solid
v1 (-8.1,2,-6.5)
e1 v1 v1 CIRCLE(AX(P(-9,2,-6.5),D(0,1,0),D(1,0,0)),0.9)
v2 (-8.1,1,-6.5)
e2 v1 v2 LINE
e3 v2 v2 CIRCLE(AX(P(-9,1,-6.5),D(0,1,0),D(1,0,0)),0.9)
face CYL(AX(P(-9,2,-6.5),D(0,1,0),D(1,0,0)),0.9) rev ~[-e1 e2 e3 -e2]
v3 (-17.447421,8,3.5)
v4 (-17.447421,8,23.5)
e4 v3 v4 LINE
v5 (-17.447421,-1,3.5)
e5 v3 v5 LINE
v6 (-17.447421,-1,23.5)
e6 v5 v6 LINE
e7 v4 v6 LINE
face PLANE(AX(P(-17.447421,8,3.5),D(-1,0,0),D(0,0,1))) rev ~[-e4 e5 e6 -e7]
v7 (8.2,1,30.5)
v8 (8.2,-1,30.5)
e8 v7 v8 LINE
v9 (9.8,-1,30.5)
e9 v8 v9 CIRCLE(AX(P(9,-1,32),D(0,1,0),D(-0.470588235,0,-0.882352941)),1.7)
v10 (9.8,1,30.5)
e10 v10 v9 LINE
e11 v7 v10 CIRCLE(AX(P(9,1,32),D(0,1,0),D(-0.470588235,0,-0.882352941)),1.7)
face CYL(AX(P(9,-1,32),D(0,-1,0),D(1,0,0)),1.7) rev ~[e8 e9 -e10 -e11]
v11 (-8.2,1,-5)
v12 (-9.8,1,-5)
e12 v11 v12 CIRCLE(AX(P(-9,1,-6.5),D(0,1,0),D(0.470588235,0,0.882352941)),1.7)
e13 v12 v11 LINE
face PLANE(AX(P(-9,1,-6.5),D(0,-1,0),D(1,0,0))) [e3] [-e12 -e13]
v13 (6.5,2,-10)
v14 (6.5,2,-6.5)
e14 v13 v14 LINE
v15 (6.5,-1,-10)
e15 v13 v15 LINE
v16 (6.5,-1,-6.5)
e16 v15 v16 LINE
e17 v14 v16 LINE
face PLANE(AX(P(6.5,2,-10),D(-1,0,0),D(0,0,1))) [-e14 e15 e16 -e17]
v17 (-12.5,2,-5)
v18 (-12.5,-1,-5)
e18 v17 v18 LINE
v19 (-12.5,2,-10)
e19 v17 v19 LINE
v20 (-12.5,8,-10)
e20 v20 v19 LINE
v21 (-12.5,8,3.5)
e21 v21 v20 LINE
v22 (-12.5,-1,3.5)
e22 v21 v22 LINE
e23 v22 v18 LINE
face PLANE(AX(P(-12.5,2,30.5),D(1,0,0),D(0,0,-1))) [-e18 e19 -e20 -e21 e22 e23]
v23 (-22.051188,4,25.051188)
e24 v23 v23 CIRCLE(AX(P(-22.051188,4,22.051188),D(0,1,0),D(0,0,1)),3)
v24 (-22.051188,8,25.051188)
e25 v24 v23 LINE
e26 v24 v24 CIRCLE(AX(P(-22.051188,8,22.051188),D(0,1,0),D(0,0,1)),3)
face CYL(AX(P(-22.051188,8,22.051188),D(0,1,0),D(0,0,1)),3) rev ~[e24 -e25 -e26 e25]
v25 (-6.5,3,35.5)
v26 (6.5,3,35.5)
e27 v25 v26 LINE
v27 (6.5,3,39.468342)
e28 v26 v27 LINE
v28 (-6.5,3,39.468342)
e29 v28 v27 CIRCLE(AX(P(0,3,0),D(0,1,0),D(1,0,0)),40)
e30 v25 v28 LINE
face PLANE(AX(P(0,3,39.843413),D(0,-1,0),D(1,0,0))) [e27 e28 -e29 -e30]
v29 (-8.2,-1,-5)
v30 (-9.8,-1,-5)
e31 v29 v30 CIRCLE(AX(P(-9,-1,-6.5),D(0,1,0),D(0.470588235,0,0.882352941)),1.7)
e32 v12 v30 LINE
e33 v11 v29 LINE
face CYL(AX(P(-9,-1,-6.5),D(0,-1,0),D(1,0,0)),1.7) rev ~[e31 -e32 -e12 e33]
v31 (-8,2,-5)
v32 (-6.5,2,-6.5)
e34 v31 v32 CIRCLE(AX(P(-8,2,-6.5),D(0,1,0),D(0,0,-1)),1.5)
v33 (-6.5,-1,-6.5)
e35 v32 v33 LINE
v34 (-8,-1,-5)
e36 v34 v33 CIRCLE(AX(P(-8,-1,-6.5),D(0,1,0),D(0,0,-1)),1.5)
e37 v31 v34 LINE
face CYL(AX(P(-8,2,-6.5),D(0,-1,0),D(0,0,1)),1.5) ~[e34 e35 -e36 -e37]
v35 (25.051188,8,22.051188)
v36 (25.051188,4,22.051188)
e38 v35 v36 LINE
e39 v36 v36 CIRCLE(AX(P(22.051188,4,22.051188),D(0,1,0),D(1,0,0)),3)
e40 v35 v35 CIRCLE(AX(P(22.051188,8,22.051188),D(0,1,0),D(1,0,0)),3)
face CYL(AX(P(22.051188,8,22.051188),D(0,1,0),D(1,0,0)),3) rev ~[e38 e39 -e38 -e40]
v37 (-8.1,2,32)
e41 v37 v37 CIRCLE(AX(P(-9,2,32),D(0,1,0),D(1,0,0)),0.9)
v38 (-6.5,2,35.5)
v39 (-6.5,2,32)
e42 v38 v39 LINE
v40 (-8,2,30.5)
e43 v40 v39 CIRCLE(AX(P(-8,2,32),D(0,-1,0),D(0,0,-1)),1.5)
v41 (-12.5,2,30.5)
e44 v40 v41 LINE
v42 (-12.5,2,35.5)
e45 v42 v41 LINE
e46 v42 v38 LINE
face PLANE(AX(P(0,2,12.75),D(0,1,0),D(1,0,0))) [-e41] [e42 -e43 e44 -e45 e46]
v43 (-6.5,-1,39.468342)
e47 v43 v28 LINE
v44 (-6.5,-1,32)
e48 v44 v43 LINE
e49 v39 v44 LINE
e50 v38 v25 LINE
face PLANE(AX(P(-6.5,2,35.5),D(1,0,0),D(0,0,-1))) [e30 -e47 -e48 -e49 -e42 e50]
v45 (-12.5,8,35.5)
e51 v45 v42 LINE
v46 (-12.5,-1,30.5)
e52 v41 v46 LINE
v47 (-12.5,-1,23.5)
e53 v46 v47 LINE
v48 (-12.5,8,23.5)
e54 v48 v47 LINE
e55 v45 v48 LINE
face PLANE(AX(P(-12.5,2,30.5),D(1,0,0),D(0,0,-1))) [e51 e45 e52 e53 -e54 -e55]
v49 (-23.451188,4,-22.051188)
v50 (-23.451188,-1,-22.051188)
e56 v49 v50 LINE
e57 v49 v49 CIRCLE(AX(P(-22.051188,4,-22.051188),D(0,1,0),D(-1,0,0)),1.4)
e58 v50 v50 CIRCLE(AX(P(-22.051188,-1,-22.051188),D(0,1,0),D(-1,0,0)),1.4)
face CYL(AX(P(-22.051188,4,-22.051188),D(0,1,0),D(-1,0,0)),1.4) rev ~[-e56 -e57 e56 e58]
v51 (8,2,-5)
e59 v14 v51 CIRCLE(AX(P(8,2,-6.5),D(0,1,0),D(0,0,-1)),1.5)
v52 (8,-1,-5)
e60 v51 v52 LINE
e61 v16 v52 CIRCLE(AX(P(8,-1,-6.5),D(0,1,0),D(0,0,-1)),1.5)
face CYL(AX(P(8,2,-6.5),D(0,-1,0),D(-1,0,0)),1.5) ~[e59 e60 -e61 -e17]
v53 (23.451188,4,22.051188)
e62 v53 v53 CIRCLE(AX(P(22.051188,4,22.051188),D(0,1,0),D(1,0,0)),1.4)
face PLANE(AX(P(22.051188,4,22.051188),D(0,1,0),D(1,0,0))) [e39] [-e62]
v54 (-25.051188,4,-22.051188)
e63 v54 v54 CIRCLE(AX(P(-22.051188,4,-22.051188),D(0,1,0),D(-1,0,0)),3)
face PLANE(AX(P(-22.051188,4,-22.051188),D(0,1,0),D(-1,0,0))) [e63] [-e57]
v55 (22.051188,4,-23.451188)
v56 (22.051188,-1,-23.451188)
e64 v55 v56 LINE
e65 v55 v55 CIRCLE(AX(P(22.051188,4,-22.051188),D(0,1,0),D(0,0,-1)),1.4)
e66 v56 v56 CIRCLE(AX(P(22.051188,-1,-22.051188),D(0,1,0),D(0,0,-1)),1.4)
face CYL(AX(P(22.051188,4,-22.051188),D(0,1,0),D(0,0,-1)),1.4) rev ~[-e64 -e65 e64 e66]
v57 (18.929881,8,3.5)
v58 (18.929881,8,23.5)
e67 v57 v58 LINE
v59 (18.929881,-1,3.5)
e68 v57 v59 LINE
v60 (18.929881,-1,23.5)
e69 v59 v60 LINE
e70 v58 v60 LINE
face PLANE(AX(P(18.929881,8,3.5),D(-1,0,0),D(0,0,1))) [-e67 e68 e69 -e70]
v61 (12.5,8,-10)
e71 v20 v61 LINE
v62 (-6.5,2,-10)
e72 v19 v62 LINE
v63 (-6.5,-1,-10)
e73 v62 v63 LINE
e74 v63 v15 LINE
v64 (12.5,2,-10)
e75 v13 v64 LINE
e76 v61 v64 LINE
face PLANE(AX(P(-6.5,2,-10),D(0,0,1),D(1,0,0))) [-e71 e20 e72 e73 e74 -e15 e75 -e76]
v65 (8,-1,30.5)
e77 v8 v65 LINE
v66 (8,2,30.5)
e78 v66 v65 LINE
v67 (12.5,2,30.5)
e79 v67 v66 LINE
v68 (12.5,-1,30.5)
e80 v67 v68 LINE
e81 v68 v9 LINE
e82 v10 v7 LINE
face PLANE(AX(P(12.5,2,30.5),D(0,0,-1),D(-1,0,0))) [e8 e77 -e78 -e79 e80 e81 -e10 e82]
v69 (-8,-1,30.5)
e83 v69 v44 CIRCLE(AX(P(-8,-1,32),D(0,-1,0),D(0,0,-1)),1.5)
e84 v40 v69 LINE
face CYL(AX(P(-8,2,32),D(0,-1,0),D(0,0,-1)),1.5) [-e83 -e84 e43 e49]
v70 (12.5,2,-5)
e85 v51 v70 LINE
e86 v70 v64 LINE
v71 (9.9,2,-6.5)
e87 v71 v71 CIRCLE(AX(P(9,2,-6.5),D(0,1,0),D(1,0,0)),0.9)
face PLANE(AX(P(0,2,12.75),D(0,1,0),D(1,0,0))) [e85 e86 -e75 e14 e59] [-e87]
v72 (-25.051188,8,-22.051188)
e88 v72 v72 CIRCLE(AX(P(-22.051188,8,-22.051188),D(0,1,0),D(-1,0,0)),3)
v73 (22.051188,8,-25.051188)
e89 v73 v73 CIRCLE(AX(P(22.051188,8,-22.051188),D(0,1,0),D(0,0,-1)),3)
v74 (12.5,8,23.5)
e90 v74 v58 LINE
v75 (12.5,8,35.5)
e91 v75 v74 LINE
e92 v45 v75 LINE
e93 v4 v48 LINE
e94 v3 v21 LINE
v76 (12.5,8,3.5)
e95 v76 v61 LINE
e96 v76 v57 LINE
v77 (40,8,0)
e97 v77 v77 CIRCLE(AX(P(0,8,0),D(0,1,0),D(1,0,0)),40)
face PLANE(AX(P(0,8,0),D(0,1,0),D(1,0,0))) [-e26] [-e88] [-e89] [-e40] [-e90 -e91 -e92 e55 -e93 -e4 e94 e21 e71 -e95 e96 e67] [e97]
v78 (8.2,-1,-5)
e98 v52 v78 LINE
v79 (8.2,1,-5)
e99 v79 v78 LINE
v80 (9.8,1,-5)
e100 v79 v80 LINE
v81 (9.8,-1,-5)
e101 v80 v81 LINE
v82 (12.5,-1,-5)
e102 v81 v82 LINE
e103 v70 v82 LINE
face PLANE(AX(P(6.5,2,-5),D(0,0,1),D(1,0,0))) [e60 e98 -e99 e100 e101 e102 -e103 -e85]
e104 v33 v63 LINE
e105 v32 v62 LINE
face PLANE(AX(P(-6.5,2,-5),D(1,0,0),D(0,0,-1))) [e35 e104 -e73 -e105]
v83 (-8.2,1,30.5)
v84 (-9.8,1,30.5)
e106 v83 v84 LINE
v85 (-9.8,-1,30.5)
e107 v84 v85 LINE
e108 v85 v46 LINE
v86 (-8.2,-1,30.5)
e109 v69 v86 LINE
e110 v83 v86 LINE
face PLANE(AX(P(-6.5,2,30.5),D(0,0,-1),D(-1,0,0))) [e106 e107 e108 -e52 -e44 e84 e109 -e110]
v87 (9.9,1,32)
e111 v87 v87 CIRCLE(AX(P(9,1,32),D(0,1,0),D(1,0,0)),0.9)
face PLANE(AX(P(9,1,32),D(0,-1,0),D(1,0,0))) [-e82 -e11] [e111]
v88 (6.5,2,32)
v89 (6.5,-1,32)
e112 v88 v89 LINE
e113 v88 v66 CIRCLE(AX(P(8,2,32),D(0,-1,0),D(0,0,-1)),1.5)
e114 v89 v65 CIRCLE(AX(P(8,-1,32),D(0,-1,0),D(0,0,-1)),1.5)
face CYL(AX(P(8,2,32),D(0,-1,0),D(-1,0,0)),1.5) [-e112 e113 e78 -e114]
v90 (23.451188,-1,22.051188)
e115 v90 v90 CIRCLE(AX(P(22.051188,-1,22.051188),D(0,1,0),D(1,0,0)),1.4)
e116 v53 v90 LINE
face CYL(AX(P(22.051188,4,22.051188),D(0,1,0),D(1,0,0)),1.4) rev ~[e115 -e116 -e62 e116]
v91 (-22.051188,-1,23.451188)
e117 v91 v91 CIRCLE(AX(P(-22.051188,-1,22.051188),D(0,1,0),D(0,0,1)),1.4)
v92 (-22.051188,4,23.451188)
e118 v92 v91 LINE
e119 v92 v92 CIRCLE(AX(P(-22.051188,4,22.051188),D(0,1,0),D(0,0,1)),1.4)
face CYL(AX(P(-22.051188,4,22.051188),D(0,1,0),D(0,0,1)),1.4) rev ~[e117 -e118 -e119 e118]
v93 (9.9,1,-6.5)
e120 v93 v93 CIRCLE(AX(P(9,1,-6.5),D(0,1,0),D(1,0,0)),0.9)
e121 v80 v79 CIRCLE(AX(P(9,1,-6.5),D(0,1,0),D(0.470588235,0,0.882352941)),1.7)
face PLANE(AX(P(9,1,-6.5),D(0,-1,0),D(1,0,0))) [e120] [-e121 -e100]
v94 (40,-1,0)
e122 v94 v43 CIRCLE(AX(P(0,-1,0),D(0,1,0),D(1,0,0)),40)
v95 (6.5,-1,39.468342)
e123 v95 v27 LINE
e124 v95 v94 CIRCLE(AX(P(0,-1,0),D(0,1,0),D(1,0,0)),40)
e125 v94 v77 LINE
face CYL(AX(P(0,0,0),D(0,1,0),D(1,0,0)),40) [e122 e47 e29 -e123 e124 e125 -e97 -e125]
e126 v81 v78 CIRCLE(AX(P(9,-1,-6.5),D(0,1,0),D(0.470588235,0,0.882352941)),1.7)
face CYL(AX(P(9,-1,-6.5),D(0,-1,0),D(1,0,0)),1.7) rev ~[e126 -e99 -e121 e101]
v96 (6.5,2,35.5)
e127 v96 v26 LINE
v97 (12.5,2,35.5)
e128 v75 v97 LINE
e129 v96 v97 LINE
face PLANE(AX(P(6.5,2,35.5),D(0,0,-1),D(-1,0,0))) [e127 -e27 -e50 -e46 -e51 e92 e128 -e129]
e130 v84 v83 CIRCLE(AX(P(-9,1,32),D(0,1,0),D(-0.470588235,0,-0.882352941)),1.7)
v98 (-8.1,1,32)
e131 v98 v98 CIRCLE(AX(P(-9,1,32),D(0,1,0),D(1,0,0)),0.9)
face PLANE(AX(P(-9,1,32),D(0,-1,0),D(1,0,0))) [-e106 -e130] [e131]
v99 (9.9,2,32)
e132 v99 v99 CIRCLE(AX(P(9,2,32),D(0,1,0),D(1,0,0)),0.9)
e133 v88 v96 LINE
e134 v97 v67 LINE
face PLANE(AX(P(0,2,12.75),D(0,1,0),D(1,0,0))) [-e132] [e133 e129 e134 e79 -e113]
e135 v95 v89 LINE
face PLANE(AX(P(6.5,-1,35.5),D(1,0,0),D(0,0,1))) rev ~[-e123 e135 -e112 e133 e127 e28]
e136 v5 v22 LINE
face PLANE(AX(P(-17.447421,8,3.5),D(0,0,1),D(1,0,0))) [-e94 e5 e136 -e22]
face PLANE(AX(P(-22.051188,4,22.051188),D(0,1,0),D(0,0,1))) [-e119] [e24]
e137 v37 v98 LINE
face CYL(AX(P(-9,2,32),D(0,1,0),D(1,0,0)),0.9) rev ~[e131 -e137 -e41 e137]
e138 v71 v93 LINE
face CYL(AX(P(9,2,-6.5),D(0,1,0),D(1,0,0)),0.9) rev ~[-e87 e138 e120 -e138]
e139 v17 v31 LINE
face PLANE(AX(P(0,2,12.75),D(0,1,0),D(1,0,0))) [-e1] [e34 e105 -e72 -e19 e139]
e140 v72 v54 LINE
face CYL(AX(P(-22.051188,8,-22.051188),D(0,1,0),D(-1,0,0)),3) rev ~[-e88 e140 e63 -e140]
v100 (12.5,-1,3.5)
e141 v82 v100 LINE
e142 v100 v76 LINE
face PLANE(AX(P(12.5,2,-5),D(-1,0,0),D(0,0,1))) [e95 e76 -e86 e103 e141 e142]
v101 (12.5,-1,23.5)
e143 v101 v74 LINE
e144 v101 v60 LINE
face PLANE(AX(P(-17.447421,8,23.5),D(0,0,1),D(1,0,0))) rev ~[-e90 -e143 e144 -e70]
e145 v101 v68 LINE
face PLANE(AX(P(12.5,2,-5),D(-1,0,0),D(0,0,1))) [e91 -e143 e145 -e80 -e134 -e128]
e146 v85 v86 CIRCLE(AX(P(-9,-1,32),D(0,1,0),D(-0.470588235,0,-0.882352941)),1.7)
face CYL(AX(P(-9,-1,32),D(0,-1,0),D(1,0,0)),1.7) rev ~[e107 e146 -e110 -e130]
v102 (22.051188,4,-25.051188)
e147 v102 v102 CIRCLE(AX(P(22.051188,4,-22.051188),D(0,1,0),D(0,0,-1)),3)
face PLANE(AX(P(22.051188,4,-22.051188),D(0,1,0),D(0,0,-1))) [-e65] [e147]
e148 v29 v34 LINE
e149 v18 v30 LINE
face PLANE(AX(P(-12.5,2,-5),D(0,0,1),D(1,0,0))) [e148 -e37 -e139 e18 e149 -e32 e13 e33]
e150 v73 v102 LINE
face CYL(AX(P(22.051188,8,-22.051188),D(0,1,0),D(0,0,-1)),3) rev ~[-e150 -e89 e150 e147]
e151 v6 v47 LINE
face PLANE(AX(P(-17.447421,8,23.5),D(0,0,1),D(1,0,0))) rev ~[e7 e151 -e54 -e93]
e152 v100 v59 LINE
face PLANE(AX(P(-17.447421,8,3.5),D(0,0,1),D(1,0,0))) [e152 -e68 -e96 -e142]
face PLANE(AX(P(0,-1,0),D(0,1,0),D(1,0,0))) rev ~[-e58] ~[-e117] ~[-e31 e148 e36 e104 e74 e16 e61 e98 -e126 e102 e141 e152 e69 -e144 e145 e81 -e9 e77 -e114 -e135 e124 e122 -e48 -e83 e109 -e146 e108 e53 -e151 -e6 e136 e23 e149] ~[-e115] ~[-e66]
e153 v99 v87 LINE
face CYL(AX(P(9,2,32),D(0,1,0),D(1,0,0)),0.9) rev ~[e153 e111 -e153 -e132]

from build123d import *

# Parameters (mm, degrees)
SKETCH1_R                = 40
BOSS_EXTRUDE1_DEPTH      = 8
BOSS_EXTRUDE1_DEPTH_BACK = 1
SKETCH2_W                = 25
SKETCH2_H                = 45.5
CUT_EXTRUDE1_DEPTH       = 6
CUT_EXTRUDE2_DEPTH       = 6
SKETCH4_R                = 3
CUT_EXTRUDE3_DEPTH       = 4
SKETCH5_R                = 1.4
CUT_EXTRUDE4_DEPTH       = 5
CIRPATTERN1_COUNT        = 4
FILLET1_R                = 1.5
SKETCH6_W                = 13
SKETCH6_H                = 8.686825583
CUT_EXTRUDE5_DEPTH       = 4
CUT_EXTRUDE6_START       = -9
SKETCH7_W                = 36.377301766
SKETCH7_H                = 20
CUT_EXTRUDE6_DEPTH       = 9
SKETCH8_R                = 0.9
CUT_EXTRUDE7_DEPTH       = 4
SKETCH9_R                = 1.7
CUT_EXTRUDE10_DEPTH      = 2


with BuildPart() as part:
    # Sketch1 → Boss-Extrude1 (new body, two sides)
    with BuildSketch(Plane(origin=(0, 0, 0), x_dir=(1, 0, 0), z_dir=(0, 1, 0))) as boss_extrude1_sk:
        Circle(SKETCH1_R)
    extrude(amount=BOSS_EXTRUDE1_DEPTH)
    extrude(boss_extrude1_sk.sketch, amount=-BOSS_EXTRUDE1_DEPTH_BACK)

    # Sketch2 → Cut-Extrude1 (cut)
    with BuildSketch(Plane(origin=(0, 8, 0), x_dir=(1, 0, 0), z_dir=(0, 1, 0))):
        with Locations((0, -12.75)):
            Rectangle(SKETCH2_W, SKETCH2_H)
    extrude(amount=-CUT_EXTRUDE1_DEPTH, mode=Mode.SUBTRACT)

    # Sketch3 → Cut-Extrude2 (cut)
    with BuildSketch(Plane(origin=(0, 2, 0), x_dir=(1, 0, 0), z_dir=(0, 1, 0))):
        Polygon((-12.5, 5), (-6.5, 5), (-6.5, 10), (6.5, 10), (6.5, 5), (12.5, 5), (12.5, -30.5), (6.5, -30.5), (6.5, -35.5), (-6.5, -35.5), (-6.5, -30.5), (-12.5, -30.5), align=None)
    extrude(amount=-CUT_EXTRUDE2_DEPTH, mode=Mode.SUBTRACT)

    # Sketch4 → Cut-Extrude3 (cut)
    with BuildSketch(Plane(origin=(0, 8, 0), x_dir=(1, 0, 0), z_dir=(0, 1, 0))):
        with Locations((22.051187962, -22.051187962)):
            Circle(SKETCH4_R)
    cut_extrude3 = extrude(amount=-CUT_EXTRUDE3_DEPTH, mode=Mode.SUBTRACT)

    # Sketch5 → Cut-Extrude4 (cut)
    with BuildSketch(Plane(origin=(0, 4, 0), x_dir=(1, 0, 0), z_dir=(0, 1, 0))):
        with Locations((22.051187962, -22.051187962)):
            Circle(SKETCH5_R)
    cut_extrude4 = extrude(amount=-CUT_EXTRUDE4_DEPTH, mode=Mode.SUBTRACT)

    # CirPattern1: Cut-Extrude3, Cut-Extrude4 ×4 about axis
    cirpattern1_axis = Axis((0, 0, 0), (0, 1, 0))
    for i in range(1, CIRPATTERN1_COUNT):
        add(cut_extrude3.rotate(cirpattern1_axis, i * 360 / CIRPATTERN1_COUNT), mode=Mode.SUBTRACT)
        add(cut_extrude4.rotate(cirpattern1_axis, i * 360 / CIRPATTERN1_COUNT), mode=Mode.SUBTRACT)

    # Fillet1
    fillet1_edges = [part.edges().sort_by_distance(p)[0] for p in [
        (-6.5, 0.5, -5),
        (6.5, 0.5, -5),
        (6.5, 0.5, 30.5),
        (-6.5, 0.5, 30.5),
    ]]
    fillet(fillet1_edges, radius=FILLET1_R)

    # Sketch6 → Cut-Extrude5 (cut)
    with BuildSketch(Plane.XZ.offset(1)):
        with Locations((0, 39.843412792)):
            Rectangle(SKETCH6_W, SKETCH6_H)
    extrude(amount=-CUT_EXTRUDE5_DEPTH, mode=Mode.SUBTRACT)

    # Sketch7 → Cut-Extrude6 (cut)
    with BuildSketch(Plane.XZ.offset(1).offset(CUT_EXTRUDE6_START)):
        with Locations((0.741230287, 13.5)):
            Rectangle(SKETCH7_W, SKETCH7_H)
    extrude(amount=CUT_EXTRUDE6_DEPTH, mode=Mode.SUBTRACT)

    # Sketch8 → Cut-Extrude7 (cut)
    with BuildSketch(Plane(origin=(0, 2, 0), x_dir=(1, 0, 0), z_dir=(0, 1, 0))):
        with Locations((9, -32)):
            Circle(SKETCH8_R)
        with Locations((-9, -32)):
            Circle(SKETCH8_R)
        with Locations((-9, 6.5)):
            Circle(SKETCH8_R)
        with Locations((9, 6.5)):
            Circle(SKETCH8_R)
    extrude(amount=-CUT_EXTRUDE7_DEPTH, mode=Mode.SUBTRACT)

    # Sketch9 → Cut-Extrude10 (cut)
    with BuildSketch(Plane.XZ.offset(1)):
        with Locations((-9, -6.5)):
            Circle(SKETCH9_R)
        with Locations((9, -6.5)):
            Circle(SKETCH9_R)
        with Locations((9, 32)):
            Circle(SKETCH9_R)
        with Locations((-9, 32)):
            Circle(SKETCH9_R)
    extrude(amount=-CUT_EXTRUDE10_DEPTH, mode=Mode.SUBTRACT)


solid = part.part
